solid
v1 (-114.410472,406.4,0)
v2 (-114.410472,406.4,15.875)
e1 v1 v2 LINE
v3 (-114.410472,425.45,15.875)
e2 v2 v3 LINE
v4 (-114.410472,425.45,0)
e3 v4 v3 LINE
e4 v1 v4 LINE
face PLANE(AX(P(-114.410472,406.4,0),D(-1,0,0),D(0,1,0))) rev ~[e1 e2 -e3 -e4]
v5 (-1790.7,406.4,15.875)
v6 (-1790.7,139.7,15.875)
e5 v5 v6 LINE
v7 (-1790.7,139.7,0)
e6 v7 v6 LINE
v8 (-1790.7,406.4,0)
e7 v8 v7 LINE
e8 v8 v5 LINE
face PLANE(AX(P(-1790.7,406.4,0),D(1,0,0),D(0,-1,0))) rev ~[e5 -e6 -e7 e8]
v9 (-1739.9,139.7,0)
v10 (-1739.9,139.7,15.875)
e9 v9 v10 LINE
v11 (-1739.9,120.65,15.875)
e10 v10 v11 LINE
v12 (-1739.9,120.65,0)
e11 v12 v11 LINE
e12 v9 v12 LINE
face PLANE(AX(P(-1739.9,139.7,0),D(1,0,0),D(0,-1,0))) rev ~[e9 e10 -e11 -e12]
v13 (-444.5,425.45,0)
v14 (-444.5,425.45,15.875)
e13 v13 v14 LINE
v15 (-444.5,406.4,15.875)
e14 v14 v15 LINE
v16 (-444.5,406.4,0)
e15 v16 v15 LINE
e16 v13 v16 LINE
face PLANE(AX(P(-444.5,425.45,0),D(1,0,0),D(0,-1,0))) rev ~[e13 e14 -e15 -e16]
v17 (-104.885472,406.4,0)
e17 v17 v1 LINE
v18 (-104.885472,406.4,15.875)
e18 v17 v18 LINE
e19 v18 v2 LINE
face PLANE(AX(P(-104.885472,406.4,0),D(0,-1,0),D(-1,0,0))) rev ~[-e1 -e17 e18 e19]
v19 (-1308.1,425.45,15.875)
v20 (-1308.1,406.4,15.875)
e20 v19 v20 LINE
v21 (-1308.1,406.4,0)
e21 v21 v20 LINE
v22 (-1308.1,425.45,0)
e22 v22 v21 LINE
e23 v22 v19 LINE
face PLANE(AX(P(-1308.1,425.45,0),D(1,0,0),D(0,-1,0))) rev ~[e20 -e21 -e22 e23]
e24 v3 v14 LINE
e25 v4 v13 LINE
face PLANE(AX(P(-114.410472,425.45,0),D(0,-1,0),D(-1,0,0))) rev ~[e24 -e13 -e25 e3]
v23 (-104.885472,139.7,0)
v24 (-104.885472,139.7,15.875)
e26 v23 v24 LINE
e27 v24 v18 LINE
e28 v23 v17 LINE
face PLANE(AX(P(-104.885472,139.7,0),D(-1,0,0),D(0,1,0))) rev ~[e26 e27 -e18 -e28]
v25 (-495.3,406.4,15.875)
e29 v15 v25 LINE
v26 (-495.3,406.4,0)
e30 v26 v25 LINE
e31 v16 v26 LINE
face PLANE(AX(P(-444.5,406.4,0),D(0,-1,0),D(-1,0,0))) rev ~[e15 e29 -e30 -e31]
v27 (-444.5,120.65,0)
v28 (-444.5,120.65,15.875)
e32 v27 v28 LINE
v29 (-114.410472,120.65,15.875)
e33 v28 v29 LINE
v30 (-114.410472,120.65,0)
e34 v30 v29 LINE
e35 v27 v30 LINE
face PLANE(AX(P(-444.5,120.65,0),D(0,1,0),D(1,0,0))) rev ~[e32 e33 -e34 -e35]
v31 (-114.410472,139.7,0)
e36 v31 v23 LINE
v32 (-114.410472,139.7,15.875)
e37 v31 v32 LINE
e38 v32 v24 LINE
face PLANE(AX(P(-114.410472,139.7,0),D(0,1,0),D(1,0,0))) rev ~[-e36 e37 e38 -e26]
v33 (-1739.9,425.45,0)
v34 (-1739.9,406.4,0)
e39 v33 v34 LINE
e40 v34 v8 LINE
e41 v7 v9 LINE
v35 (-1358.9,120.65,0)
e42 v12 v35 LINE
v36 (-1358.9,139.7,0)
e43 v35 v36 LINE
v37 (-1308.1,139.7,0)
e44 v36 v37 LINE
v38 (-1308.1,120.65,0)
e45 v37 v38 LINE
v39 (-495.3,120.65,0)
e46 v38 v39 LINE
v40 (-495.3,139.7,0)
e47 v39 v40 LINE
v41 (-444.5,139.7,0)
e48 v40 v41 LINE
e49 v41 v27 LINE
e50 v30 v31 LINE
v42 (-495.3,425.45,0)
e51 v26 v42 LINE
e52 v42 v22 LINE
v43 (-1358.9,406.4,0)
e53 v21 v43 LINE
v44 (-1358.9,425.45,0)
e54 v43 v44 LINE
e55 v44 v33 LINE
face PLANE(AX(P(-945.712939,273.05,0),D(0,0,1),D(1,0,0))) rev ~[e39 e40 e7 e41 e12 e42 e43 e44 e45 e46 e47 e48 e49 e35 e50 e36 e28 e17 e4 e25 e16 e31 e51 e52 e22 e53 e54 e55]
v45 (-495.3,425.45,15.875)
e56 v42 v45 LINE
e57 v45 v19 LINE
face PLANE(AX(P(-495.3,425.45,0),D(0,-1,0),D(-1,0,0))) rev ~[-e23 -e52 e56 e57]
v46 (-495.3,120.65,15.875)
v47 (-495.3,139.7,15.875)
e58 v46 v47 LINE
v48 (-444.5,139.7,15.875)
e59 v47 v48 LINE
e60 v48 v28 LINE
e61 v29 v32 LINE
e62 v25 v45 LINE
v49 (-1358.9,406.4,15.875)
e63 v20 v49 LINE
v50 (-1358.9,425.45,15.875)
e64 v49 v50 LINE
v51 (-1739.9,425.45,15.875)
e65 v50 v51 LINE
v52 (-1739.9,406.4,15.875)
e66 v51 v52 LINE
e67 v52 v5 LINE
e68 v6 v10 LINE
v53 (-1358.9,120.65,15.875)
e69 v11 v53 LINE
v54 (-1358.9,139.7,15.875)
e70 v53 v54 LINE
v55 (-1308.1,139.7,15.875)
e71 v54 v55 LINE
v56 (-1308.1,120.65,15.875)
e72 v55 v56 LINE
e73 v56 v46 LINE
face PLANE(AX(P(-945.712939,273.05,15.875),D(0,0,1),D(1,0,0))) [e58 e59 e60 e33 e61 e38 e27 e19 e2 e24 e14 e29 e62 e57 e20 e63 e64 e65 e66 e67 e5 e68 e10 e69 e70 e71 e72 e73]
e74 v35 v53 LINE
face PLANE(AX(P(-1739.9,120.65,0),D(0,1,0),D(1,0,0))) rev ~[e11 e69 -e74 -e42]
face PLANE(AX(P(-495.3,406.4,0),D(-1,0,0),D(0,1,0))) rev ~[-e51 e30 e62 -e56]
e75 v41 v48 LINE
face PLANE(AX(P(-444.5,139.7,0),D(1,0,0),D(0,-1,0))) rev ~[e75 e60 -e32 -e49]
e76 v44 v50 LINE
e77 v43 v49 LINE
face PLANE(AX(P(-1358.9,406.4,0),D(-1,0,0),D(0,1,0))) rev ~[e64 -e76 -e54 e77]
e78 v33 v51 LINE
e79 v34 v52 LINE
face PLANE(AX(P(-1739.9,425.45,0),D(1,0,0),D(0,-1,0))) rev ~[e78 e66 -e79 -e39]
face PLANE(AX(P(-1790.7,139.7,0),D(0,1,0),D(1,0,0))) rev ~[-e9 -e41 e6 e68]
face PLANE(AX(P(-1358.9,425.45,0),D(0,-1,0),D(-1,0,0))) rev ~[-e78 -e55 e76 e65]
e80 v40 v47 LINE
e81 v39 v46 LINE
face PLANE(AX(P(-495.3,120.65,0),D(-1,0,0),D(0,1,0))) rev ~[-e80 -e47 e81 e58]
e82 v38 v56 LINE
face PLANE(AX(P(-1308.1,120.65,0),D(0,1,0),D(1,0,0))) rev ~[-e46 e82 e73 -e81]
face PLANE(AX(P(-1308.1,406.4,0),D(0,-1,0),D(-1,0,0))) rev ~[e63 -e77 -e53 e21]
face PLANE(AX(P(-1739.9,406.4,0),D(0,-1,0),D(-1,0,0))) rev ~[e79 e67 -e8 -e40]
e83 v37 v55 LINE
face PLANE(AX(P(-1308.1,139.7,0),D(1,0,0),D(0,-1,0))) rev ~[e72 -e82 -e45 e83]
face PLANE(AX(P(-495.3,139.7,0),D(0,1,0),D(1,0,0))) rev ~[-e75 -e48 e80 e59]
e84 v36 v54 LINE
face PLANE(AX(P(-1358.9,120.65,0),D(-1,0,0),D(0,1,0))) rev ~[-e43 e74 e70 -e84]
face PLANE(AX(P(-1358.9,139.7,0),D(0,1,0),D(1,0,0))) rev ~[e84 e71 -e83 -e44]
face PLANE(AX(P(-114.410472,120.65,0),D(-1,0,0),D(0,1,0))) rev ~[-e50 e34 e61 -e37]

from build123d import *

# Parameters (mm, degrees)
F1_DEPTH = 15.875


with BuildPart() as f1:
    # F0 (on Top) → F1 (new body)
    with BuildSketch(Plane.XY):
        Polygon((-114.410472, 425.45), (-444.5, 425.45), (-444.5, 406.4), (-495.3, 406.4), (-495.3, 425.45), (-1308.1, 425.45), (-1308.1, 406.4), (-1358.9, 406.4), (-1358.9, 425.45), (-1739.9, 425.45), (-1739.9, 406.4), (-1790.7, 406.4), (-1790.7, 139.7), (-1739.9, 139.7), (-1739.9, 120.65), (-1358.9, 120.65), (-1358.9, 139.7), (-1308.1, 139.7), (-1308.1, 120.65), (-495.3, 120.65), (-495.3, 139.7), (-444.5, 139.7), (-444.5, 120.65), (-114.410472, 120.65), (-114.410472, 139.7), (-104.885472, 139.7), (-104.885472, 406.4), (-114.410472, 406.4), align=None)
    extrude(amount=F1_DEPTH)


solid = f1.part
